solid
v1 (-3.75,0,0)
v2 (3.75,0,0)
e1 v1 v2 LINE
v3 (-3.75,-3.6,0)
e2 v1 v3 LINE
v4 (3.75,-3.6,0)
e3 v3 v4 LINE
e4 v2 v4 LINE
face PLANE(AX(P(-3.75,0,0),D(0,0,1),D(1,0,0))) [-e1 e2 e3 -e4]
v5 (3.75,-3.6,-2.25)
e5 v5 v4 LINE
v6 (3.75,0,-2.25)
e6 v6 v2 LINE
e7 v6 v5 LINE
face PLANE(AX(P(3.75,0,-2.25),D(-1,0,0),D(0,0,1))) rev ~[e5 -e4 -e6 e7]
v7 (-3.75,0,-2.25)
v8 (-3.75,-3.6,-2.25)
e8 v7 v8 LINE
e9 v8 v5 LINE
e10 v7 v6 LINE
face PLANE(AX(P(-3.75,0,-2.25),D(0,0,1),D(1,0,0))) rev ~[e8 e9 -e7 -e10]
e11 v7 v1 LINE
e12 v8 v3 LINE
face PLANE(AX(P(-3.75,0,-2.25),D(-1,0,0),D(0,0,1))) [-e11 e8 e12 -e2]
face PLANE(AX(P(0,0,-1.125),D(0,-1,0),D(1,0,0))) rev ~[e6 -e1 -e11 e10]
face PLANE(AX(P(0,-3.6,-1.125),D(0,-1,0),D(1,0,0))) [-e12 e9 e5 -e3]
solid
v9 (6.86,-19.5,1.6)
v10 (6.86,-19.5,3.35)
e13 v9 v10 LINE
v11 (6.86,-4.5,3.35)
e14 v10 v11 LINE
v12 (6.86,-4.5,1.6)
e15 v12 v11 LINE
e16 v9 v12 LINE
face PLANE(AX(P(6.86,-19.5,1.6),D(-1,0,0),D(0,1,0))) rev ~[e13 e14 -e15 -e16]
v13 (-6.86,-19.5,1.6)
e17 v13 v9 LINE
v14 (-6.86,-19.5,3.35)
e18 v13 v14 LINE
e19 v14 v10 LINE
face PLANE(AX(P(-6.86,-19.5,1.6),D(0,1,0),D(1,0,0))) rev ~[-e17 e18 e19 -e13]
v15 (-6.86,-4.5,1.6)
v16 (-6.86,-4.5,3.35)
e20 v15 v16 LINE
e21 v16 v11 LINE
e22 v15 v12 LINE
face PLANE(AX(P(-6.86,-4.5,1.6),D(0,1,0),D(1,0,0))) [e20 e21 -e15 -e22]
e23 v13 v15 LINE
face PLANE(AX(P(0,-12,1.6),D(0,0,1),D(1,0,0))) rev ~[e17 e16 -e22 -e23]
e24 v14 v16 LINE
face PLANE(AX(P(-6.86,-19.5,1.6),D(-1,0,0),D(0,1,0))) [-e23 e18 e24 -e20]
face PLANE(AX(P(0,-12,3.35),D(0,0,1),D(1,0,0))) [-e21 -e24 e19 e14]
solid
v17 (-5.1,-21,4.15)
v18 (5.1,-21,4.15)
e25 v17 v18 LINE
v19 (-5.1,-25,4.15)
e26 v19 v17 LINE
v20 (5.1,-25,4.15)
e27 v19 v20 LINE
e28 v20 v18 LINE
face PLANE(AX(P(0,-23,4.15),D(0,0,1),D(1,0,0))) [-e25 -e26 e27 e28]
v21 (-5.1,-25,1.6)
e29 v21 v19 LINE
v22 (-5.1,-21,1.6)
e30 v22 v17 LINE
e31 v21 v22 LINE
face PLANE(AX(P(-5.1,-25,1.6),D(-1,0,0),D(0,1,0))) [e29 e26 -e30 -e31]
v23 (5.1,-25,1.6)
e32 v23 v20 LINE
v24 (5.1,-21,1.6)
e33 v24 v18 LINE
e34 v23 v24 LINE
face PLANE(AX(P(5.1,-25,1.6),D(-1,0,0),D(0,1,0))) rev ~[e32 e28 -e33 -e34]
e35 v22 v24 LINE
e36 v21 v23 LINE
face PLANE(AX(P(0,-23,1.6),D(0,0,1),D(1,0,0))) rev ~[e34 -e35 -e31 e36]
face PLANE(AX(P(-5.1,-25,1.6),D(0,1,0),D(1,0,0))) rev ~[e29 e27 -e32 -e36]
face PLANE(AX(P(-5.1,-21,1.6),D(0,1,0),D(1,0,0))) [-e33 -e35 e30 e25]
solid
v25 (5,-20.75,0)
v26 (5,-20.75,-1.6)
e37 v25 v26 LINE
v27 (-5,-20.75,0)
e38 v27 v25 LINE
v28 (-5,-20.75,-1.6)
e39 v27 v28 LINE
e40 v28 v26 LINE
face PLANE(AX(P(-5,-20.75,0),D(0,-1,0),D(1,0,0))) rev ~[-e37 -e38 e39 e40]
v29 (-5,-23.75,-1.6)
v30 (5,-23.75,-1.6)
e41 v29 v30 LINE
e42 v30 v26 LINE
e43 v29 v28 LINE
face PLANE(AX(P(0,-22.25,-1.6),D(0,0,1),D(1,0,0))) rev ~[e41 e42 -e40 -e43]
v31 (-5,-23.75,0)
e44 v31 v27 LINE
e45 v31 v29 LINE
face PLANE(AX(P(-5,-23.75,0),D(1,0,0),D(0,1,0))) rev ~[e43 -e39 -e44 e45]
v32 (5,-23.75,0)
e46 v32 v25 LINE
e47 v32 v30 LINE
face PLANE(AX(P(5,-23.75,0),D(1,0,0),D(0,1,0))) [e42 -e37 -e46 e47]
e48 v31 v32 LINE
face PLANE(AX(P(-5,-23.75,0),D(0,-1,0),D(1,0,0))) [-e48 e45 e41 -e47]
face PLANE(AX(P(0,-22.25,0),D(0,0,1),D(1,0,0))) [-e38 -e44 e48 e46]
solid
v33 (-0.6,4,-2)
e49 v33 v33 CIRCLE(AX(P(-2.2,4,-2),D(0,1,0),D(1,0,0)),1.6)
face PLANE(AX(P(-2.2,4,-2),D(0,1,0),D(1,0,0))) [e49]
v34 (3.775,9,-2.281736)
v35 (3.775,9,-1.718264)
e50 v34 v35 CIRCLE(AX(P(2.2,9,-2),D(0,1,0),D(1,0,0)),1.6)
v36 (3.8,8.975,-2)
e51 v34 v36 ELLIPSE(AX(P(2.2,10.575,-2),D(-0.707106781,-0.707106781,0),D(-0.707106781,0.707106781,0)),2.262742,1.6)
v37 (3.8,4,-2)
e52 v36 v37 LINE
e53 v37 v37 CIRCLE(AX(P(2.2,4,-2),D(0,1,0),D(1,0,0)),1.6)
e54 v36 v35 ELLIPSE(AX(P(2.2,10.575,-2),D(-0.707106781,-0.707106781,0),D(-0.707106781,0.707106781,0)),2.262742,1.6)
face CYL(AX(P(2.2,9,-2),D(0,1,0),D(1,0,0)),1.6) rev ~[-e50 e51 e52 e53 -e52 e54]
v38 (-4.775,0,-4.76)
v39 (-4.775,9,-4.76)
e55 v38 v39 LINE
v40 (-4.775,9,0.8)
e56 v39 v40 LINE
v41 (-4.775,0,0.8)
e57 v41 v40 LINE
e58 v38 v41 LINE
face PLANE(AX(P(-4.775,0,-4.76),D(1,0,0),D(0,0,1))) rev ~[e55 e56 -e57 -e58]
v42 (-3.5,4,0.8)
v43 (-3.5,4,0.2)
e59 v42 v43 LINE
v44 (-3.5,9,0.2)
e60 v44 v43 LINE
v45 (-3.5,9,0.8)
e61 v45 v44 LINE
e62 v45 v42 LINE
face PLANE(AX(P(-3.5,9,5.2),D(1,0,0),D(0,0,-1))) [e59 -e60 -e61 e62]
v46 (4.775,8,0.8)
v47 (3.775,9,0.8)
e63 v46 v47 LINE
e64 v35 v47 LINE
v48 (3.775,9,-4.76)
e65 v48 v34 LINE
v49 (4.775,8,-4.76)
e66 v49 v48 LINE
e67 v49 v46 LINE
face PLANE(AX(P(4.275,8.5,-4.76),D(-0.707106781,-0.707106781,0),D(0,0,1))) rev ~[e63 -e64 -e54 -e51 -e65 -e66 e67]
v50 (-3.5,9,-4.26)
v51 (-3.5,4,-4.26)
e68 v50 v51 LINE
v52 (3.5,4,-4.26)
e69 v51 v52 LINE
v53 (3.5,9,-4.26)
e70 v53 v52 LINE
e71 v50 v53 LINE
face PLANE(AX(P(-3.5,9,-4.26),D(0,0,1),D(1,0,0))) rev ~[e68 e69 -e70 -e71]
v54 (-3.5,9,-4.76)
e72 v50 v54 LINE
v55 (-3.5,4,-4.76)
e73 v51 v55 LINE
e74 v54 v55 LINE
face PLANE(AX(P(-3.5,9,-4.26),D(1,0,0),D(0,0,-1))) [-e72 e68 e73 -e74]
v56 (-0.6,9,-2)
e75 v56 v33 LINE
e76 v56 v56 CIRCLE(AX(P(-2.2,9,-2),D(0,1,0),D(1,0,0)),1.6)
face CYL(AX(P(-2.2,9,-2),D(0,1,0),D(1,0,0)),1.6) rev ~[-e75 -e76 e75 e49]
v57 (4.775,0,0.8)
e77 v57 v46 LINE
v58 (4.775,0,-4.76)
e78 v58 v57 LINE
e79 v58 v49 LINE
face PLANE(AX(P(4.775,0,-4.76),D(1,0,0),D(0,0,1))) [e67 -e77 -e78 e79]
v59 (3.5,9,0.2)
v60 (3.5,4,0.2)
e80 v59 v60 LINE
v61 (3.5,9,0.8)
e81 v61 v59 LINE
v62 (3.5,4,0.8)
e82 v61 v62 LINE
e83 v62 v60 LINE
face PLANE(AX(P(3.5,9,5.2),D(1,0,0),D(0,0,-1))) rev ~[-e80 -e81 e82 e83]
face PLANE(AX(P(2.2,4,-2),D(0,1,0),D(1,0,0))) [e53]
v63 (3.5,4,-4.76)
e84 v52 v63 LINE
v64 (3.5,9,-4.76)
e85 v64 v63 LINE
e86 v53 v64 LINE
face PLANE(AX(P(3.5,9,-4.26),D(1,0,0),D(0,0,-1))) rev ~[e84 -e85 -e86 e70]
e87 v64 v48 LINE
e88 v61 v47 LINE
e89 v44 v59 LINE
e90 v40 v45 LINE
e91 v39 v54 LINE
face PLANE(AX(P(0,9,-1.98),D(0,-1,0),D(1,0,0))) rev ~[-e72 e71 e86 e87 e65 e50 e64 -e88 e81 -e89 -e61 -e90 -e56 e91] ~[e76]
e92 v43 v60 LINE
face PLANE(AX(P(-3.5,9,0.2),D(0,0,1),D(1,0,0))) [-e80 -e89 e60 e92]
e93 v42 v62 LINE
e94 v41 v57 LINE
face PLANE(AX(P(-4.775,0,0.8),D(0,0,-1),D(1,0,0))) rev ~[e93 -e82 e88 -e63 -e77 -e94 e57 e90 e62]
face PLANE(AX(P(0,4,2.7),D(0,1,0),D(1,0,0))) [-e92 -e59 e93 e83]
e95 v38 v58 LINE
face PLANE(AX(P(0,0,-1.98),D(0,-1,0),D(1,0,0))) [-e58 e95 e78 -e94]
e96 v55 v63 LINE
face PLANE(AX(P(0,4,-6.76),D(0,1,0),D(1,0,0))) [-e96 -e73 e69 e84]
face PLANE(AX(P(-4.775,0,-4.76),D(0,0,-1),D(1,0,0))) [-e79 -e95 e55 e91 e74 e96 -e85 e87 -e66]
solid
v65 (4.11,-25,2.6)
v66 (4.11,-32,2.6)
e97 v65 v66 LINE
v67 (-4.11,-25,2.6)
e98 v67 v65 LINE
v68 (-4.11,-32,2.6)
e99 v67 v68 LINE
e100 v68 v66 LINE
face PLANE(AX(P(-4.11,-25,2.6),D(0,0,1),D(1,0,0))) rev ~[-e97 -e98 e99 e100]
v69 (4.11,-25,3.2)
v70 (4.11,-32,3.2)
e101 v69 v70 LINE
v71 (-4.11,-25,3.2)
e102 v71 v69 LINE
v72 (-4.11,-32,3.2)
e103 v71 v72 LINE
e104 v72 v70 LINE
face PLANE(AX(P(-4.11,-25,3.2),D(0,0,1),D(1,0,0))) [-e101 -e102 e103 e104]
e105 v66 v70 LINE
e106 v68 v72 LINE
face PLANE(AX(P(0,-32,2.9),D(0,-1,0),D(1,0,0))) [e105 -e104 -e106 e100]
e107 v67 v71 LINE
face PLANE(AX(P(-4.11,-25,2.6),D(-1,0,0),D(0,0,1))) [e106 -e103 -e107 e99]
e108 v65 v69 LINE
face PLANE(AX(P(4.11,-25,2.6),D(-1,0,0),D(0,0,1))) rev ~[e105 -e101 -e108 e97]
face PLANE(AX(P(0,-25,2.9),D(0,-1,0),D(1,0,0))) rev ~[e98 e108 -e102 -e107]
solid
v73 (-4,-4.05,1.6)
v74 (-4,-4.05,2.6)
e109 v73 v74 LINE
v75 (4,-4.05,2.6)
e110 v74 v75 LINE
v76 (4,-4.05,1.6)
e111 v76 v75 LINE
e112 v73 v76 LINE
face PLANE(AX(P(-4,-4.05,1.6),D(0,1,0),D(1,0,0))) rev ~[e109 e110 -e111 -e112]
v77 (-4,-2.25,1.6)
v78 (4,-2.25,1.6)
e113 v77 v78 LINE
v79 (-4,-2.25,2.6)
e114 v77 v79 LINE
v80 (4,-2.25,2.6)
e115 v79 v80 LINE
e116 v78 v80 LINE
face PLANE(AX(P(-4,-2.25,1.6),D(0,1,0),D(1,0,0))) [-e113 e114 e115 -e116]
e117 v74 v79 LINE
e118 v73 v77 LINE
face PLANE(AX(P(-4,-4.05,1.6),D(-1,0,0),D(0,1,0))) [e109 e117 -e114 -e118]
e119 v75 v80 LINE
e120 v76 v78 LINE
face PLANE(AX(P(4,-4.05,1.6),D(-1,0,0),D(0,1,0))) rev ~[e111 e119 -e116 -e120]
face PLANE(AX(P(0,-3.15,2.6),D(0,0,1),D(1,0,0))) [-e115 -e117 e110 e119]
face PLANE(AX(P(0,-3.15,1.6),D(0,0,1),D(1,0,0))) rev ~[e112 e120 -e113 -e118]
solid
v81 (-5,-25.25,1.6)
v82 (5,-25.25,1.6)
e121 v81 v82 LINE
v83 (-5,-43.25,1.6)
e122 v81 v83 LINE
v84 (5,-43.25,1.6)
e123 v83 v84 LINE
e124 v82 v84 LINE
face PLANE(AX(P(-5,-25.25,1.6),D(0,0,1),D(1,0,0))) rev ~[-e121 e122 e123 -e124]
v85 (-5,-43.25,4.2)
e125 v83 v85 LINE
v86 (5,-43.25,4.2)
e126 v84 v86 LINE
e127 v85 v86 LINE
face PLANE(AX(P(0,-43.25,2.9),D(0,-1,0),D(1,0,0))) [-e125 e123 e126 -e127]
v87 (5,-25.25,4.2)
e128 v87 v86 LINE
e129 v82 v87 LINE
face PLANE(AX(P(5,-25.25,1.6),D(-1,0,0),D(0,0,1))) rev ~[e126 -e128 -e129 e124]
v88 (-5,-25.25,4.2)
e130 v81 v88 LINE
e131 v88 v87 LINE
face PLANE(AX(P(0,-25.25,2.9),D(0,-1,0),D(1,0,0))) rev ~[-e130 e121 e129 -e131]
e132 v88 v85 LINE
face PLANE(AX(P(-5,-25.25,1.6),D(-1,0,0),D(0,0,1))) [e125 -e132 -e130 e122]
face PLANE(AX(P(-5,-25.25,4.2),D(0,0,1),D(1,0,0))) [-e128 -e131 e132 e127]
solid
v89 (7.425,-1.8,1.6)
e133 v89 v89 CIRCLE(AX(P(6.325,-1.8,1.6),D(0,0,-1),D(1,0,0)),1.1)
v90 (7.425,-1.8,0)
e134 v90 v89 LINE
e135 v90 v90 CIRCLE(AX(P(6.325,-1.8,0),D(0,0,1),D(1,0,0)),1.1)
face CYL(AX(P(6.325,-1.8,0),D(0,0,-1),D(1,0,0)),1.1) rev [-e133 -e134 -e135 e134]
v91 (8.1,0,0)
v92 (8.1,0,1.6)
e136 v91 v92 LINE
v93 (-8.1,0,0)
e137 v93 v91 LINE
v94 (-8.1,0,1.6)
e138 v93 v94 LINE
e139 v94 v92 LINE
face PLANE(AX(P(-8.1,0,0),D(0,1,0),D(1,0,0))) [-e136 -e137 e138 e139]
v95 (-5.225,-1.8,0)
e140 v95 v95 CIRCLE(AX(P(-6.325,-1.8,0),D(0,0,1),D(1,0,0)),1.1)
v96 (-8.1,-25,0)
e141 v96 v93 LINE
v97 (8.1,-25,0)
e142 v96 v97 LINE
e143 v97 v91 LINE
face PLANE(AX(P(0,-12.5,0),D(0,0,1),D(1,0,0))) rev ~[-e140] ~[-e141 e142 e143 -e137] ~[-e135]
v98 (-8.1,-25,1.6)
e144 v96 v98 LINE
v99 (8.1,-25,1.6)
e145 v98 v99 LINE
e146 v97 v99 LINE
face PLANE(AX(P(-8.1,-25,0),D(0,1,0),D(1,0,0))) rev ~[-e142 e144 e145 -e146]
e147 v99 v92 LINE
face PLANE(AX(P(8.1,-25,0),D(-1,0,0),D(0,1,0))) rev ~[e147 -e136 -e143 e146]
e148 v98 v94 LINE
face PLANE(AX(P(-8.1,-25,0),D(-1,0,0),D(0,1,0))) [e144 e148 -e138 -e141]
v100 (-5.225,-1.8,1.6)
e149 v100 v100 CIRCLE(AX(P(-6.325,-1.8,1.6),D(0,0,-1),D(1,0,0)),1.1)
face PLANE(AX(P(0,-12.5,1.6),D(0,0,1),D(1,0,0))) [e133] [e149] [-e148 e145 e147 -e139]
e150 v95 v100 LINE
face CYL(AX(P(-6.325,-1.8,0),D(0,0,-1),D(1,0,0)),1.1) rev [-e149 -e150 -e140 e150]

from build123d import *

# Parameters (mm, degrees)
SKETCH_W        = 16.2
SKETCH_H        = 25
PAD_DEPTH       = 1.6
SKETCH001_R     = 1.1
POCKET_DEPTH    = 1.601
SKETCH002_W     = 9.55
SKETCH002_H     = 5.56
PAD001_DEPTH    = 9
CHAMFER_SIZE    = 1
SKETCH003_W     = 7
SKETCH003_H     = 5
POCKET001_DEPTH = 5
SKETCH004_R     = 1.6
POCKET002_DEPTH = 5
SKETCH005_W     = 7.5
SKETCH005_H     = 2.25
PAD002_DEPTH    = 3.6
SKETCH006_W     = 10
SKETCH006_H     = 3
PAD003_DEPTH    = 1.6
SKETCH007_W     = 10.2
SKETCH007_H     = 4
PAD004_DEPTH    = 2.55
SKETCH008_W     = 8.22
SKETCH008_H     = 0.6
PAD005_DEPTH    = 7
SKETCH009_W     = 8
SKETCH009_H     = 1.8
PAD006_DEPTH    = 1
SKETCH010_W     = 13.72
SKETCH010_H     = 15
PAD007_DEPTH    = 1.75
SKETCH011_W     = 10
SKETCH011_H     = 2.6
PAD008_DEPTH    = 18


with BuildPart() as mainboard:
    # Sketch → Pad (new body)
    with BuildSketch(Plane.XY):
        with Locations((0, -12.5)):
            Rectangle(SKETCH_W, SKETCH_H)
    extrude(amount=PAD_DEPTH)

    # Sketch001 → Pocket (cut, through all)
    with BuildSketch(Plane.XY):
        with Locations((-6.325, -1.8)):
            Circle(SKETCH001_R)
        with Locations((6.325, -1.8)):
            Circle(SKETCH001_R)
    extrude(amount=POCKET_DEPTH, mode=Mode.SUBTRACT)


with BuildPart() as irsens:
    # Sketch002 → Pad001 (new body)
    with BuildSketch(Plane.XZ):
        with Locations((0, -1.98)):
            Rectangle(SKETCH002_W, SKETCH002_H)
    extrude(amount=-PAD001_DEPTH)

    # Chamfer
    chamfer_edges = [irsens.edges().sort_by_distance(p)[0] for p in [
        (4.775, 9, -1.98),
    ]]
    chamfer(chamfer_edges, length=CHAMFER_SIZE)

    # Sketch003 (on Face5 of Chamfer) → Pocket001 (cut)
    with BuildSketch(Plane(origin=(0, 9, 0), x_dir=(1, 0, 0), z_dir=(0, 1, 0))):
        with Locations((0, 6.76)):
            Rectangle(SKETCH003_W, SKETCH003_H)
        with Locations((0, -2.7)):
            Rectangle(SKETCH003_W, SKETCH003_H)
    extrude(amount=-POCKET001_DEPTH, mode=Mode.SUBTRACT)

    # Sketch004 (on Face3 of Pocket001) → Pocket002 (cut)
    with BuildSketch(Plane(origin=(0, 9, 0), x_dir=(1, 0, 0), z_dir=(0, 1, 0))):
        with Locations((-2.2, 2)):
            Circle(SKETCH004_R)
        with Locations((2.2, 2)):
            Circle(SKETCH004_R)
    extrude(amount=-POCKET002_DEPTH, mode=Mode.SUBTRACT)


with BuildPart() as irconnect:
    # Sketch005 → Pad002 (new body)
    with BuildSketch(Plane.XZ):
        with Locations((0, -1.125)):
            Rectangle(SKETCH005_W, SKETCH005_H)
    extrude(amount=PAD002_DEPTH)


with BuildPart() as pinsolderpoints:
    # Sketch006 → Pad003 (new body)
    with BuildSketch(Plane.XY):
        with Locations((0, -22.25)):
            Rectangle(SKETCH006_W, SKETCH006_H)
    extrude(amount=-PAD003_DEPTH)


with BuildPart() as pinmount:
    # Sketch007 (on DatumPlane) → Pad004 (new body)
    with BuildSketch(Plane.XY.offset(1.6)):
        with Locations((0, -23)):
            Rectangle(SKETCH007_W, SKETCH007_H)
    extrude(amount=PAD004_DEPTH)


with BuildPart() as pins:
    # Sketch008 (on DatumPlane) → Pad005 (new body)
    with BuildSketch(Plane.XZ.offset(25)):
        with Locations((0, 2.9)):
            Rectangle(SKETCH008_W, SKETCH008_H)
    extrude(amount=PAD005_DEPTH)


with BuildPart() as irsenssolder:
    # Sketch009 (on DatumPlane) → Pad006 (new body)
    with BuildSketch(Plane.XY.offset(1.6)):
        with Locations((0, -3.15)):
            Rectangle(SKETCH009_W, SKETCH009_H)
    extrude(amount=PAD006_DEPTH)


with BuildPart() as chips:
    # Sketch010 (on DatumPlane) → Pad007 (new body)
    with BuildSketch(Plane.XY.offset(1.6)):
        with Locations((0, -12)):
            Rectangle(SKETCH010_W, SKETCH010_H)
    extrude(amount=PAD007_DEPTH)


with BuildPart() as pinconnectors:
    # Sketch011 (on DatumPlane) → Pad008 (new body)
    with BuildSketch(Plane.XZ.offset(25.25)):
        with Locations((0, 2.9)):
            Rectangle(SKETCH011_W, SKETCH011_H)
    extrude(amount=PAD008_DEPTH)


solid = Compound([mainboard.part, irsens.part, irconnect.part, pinsolderpoints.part, pinmount.part, pins.part, irsenssolder.part, chips.part, pinconnectors.part])
